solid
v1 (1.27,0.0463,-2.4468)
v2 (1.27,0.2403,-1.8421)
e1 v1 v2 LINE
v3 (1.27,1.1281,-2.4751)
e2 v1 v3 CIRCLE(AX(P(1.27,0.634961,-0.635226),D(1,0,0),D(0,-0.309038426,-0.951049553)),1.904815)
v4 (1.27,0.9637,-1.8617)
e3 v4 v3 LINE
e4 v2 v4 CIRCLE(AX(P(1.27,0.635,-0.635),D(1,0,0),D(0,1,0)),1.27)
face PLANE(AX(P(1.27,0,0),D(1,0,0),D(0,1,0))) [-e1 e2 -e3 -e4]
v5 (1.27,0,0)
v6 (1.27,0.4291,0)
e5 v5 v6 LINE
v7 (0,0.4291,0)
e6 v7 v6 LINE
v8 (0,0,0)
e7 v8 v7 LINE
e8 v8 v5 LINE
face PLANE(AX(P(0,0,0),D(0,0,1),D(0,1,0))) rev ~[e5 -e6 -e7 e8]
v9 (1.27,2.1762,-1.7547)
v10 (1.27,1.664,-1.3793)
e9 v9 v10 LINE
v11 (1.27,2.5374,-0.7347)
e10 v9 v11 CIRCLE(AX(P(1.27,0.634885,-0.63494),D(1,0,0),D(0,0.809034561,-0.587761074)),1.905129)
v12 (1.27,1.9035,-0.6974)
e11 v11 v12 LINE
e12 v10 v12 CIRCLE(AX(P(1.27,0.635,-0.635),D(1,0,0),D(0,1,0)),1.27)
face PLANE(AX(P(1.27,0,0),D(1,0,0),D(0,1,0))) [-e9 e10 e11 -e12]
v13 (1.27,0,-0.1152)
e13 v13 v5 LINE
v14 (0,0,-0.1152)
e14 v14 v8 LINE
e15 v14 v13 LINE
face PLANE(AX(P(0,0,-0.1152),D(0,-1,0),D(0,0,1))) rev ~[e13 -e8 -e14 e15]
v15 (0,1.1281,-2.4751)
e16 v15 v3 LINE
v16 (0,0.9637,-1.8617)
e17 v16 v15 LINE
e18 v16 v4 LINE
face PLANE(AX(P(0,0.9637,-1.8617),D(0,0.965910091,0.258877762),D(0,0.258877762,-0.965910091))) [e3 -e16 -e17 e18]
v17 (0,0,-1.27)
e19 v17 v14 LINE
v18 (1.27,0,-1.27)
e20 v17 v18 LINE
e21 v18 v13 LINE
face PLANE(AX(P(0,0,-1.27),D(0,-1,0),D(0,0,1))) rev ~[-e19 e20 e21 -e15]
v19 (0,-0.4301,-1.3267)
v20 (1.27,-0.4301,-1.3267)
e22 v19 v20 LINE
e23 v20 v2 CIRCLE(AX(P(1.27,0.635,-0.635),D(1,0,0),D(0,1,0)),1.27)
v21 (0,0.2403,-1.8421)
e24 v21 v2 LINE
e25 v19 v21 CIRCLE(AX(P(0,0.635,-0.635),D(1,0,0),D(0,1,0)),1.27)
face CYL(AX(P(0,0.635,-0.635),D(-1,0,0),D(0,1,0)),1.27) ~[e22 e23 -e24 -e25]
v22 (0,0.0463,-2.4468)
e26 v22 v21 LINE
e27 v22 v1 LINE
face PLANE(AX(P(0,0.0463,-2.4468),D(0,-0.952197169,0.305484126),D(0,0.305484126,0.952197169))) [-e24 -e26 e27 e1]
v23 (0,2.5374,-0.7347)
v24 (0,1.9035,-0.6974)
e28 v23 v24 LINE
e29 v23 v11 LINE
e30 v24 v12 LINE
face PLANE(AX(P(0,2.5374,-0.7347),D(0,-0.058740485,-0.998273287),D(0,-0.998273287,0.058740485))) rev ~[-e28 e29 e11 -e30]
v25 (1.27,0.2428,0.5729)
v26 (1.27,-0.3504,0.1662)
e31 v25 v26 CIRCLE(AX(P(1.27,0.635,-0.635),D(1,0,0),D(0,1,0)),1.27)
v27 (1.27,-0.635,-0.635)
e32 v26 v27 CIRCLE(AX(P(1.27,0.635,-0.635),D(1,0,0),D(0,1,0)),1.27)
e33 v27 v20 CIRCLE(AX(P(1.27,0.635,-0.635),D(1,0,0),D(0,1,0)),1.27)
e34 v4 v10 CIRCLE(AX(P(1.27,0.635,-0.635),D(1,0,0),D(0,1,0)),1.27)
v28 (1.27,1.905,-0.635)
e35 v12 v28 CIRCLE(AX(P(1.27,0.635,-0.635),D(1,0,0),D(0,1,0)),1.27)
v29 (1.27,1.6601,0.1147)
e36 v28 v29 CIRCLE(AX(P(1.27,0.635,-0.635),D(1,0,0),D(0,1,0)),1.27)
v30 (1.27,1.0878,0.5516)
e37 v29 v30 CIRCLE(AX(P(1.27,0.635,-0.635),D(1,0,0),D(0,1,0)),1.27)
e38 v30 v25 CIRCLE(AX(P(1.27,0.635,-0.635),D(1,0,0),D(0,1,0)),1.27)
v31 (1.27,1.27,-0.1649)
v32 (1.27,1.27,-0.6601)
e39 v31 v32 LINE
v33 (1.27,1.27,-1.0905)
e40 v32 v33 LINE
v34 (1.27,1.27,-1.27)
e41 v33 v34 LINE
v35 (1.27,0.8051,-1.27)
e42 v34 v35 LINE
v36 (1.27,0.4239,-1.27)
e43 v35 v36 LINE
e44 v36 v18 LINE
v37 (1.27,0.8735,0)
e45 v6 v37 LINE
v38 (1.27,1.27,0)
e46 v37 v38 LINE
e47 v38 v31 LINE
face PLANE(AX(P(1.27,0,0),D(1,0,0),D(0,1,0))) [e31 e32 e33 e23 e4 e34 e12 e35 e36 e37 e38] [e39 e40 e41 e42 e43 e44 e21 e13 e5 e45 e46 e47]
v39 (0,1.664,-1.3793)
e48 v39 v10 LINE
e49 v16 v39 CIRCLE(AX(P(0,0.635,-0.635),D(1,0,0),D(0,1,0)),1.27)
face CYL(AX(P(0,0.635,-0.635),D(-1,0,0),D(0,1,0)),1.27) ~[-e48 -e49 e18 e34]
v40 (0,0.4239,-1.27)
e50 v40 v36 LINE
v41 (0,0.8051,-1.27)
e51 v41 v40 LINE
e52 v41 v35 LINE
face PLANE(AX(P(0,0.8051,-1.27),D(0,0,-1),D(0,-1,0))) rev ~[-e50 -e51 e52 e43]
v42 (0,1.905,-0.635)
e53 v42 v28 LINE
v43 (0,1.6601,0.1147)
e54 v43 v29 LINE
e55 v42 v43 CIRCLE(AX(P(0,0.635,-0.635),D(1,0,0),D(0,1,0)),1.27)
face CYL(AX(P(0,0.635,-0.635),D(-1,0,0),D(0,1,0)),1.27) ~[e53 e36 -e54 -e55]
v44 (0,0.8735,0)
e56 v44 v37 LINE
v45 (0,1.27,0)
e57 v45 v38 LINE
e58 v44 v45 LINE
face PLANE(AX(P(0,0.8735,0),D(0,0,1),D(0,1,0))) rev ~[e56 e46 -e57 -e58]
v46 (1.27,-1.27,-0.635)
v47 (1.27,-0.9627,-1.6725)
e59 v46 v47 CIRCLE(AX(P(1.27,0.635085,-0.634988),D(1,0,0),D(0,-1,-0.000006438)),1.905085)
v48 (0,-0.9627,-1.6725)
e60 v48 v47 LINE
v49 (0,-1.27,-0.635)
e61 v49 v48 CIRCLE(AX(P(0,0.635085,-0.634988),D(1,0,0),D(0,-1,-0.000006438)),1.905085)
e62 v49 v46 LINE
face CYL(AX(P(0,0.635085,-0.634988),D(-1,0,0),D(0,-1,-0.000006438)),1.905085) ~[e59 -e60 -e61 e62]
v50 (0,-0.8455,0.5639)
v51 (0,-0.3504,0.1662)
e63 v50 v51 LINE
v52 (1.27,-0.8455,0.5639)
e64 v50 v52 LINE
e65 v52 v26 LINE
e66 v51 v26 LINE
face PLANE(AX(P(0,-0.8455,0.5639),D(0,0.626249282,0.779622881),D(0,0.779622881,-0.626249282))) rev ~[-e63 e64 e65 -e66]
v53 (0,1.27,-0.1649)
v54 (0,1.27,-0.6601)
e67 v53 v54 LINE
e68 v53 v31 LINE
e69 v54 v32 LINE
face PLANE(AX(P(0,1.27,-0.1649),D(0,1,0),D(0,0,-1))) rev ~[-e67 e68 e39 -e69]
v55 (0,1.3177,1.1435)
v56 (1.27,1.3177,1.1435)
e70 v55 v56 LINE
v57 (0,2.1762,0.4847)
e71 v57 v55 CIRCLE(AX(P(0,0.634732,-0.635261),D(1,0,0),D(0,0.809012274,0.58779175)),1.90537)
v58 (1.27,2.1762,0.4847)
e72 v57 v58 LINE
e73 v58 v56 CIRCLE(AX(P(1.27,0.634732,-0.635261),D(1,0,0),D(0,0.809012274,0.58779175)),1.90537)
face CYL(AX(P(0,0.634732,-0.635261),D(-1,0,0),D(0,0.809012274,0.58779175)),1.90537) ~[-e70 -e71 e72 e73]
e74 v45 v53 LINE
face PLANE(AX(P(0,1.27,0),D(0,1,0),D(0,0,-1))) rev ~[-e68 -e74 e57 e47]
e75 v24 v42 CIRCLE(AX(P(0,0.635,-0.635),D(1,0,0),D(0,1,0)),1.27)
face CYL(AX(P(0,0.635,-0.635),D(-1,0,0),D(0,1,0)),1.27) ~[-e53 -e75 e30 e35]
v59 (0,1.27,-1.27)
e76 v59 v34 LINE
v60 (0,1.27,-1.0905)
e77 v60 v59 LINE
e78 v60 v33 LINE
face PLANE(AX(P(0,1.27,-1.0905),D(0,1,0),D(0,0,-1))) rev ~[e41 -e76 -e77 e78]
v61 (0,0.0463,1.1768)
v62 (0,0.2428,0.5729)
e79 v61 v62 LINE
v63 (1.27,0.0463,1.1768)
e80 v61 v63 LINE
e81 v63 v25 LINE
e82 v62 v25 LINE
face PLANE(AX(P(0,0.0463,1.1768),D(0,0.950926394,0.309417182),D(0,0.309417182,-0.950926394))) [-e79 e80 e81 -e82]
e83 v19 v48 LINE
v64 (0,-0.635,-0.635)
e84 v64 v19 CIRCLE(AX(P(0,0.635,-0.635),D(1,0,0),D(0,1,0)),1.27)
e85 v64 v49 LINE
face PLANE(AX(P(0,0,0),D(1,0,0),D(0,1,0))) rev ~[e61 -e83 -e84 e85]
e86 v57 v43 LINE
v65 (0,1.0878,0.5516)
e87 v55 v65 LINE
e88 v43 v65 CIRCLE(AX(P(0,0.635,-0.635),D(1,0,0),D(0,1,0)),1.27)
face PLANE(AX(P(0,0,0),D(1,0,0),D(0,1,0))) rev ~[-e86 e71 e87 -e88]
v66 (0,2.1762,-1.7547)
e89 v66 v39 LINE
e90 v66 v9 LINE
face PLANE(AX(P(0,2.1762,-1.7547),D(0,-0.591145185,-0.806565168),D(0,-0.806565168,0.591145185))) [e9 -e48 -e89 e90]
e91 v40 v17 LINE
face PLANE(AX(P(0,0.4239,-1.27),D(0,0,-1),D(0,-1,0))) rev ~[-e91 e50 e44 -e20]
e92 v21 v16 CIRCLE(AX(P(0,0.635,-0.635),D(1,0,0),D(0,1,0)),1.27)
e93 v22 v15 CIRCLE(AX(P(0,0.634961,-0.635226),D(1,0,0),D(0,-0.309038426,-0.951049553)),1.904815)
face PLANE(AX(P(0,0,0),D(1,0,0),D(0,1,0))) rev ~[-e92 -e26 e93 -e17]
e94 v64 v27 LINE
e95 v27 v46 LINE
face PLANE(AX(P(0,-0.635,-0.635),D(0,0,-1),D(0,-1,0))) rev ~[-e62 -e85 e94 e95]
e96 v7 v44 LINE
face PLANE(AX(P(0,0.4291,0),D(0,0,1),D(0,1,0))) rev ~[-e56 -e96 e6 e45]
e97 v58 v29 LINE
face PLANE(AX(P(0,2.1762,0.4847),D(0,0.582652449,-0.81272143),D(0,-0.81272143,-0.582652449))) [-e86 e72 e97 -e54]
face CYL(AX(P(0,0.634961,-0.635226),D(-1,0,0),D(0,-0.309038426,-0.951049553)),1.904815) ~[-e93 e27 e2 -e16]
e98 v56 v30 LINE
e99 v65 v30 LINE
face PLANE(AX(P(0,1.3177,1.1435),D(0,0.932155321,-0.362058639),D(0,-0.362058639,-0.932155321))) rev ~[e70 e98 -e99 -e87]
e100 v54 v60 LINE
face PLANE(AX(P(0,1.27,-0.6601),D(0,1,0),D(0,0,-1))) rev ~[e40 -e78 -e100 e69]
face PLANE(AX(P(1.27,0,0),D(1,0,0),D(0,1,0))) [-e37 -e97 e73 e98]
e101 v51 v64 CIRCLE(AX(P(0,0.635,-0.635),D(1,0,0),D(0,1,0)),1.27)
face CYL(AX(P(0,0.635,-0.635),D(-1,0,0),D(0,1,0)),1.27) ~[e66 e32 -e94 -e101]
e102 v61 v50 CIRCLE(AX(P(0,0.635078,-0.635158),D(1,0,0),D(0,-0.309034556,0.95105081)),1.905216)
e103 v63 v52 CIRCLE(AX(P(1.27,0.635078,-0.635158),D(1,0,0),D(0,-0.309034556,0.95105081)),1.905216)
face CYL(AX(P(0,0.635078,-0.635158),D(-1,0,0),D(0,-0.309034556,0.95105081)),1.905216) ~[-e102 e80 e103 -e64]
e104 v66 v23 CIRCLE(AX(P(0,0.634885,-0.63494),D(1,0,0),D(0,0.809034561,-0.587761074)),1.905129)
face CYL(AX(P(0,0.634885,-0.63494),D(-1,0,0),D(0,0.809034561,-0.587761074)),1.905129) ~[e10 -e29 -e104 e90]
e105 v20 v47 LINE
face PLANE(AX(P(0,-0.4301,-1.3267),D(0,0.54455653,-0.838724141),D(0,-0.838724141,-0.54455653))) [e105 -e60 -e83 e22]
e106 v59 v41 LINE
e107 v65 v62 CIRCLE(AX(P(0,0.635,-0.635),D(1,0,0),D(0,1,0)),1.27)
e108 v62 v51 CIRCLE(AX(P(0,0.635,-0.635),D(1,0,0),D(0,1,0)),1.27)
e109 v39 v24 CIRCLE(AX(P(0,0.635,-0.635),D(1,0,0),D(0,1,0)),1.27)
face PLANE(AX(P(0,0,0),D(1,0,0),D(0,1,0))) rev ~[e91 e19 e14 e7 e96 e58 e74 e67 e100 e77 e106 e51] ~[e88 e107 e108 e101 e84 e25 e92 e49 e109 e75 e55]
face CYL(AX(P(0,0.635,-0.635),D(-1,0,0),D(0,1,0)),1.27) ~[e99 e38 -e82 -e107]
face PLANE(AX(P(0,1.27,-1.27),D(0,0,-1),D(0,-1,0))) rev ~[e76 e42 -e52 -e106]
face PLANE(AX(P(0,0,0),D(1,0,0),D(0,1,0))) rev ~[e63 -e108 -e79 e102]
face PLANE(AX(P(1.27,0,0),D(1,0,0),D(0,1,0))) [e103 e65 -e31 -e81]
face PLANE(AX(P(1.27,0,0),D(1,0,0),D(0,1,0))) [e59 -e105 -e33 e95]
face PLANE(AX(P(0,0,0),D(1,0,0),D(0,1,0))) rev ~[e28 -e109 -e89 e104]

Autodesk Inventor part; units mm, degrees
ref_plane "YZ Plane" through (0, 0, 0) normal (1, 0, 0) x (0, 1, 0)
ref_plane "XZ Plane" through (0, 0, 0) normal (0, 1, 0) x (-1, 0, 0)
ref_plane "XY Plane" through (0, 0, 0) normal (0, 0, 1) x (1, 0, 0)
sketch "Sketch2" plane through (0, 0, 0) normal (1, 0, 0) x (0, 1, 0)
  line L0 (0, 0) -> (1.27, 0)
  line L1 (1.27, 0) -> (1.27, -1.27)
  line L2 (1.27, -1.27) -> (0, -1.27)
  line L3 (0, -1.27) -> (0, 0)
  circle A0 centre (0.635, -0.635) radius 1.27
  line L4 (-0.4301, -1.3267) -> (-0.9627, -1.6725)
  line L5 (-0.635, -0.635) -> (-1.27, -0.635)
  arc A1 (0.0463, -2.4468) -> (1.1281, -2.4751) centre (0.635, -0.635) ccw
  arc A2 (2.1762, -1.7547) -> (2.5374, -0.7347) centre (0.635, -0.635) ccw
  arc A3 (2.1762, 0.4847) -> (1.3177, 1.1435) centre (0.635, -0.635) ccw
  arc A4 (0.0463, 1.1768) -> (-0.8455, 0.5639) centre (0.635, -0.635) ccw
  arc A5 (-1.27, -0.635) -> (-0.9627, -1.6725) centre (0.635, -0.635) ccw
  line L6 (0.6317, -0.6225) -> (0.8051, -1.27)
  line L7 (0.9637, -1.8617) -> (1.1281, -2.4751)
  line L8 (0.0463, -2.4468) -> (0.2403, -1.8421)
  line L9 (0.4239, -1.27) -> (0.6317, -0.6225)
  line L10 (1.3177, 1.1435) -> (1.0878, 0.5516)
  line L11 (0.8735, 0) -> (0.6317, -0.6225)
  line L12 (2.1762, 0.4847) -> (1.6601, 0.1147)
  line L13 (1.27, -0.1649) -> (0.6317, -0.6225)
  line L14 (2.5374, -0.7347) -> (1.9035, -0.6974)
  line L15 (1.27, -0.6601) -> (0.6317, -0.6225)
  line L16 (2.1762, -1.7547) -> (1.664, -1.3793)
  line L17 (1.27, -1.0905) -> (0.6317, -0.6225)
  line L18 (0.0463, 1.1768) -> (0.2428, 0.5729)
  line L19 (0.4291, 0) -> (0.6317, -0.6225)
  line L20 (-0.8455, 0.5639) -> (-0.3504, 0.1662)
  line L21 (0, -0.1152) -> (0.6317, -0.6225)
  dimension "d15" = 2.54
  dimension "d13" = 1.27
  dimension "d14" = 1.27
extrude "Extrusion2" add sketch "Sketch2" along normal blind 1.27
properties part number "SmallGear"
